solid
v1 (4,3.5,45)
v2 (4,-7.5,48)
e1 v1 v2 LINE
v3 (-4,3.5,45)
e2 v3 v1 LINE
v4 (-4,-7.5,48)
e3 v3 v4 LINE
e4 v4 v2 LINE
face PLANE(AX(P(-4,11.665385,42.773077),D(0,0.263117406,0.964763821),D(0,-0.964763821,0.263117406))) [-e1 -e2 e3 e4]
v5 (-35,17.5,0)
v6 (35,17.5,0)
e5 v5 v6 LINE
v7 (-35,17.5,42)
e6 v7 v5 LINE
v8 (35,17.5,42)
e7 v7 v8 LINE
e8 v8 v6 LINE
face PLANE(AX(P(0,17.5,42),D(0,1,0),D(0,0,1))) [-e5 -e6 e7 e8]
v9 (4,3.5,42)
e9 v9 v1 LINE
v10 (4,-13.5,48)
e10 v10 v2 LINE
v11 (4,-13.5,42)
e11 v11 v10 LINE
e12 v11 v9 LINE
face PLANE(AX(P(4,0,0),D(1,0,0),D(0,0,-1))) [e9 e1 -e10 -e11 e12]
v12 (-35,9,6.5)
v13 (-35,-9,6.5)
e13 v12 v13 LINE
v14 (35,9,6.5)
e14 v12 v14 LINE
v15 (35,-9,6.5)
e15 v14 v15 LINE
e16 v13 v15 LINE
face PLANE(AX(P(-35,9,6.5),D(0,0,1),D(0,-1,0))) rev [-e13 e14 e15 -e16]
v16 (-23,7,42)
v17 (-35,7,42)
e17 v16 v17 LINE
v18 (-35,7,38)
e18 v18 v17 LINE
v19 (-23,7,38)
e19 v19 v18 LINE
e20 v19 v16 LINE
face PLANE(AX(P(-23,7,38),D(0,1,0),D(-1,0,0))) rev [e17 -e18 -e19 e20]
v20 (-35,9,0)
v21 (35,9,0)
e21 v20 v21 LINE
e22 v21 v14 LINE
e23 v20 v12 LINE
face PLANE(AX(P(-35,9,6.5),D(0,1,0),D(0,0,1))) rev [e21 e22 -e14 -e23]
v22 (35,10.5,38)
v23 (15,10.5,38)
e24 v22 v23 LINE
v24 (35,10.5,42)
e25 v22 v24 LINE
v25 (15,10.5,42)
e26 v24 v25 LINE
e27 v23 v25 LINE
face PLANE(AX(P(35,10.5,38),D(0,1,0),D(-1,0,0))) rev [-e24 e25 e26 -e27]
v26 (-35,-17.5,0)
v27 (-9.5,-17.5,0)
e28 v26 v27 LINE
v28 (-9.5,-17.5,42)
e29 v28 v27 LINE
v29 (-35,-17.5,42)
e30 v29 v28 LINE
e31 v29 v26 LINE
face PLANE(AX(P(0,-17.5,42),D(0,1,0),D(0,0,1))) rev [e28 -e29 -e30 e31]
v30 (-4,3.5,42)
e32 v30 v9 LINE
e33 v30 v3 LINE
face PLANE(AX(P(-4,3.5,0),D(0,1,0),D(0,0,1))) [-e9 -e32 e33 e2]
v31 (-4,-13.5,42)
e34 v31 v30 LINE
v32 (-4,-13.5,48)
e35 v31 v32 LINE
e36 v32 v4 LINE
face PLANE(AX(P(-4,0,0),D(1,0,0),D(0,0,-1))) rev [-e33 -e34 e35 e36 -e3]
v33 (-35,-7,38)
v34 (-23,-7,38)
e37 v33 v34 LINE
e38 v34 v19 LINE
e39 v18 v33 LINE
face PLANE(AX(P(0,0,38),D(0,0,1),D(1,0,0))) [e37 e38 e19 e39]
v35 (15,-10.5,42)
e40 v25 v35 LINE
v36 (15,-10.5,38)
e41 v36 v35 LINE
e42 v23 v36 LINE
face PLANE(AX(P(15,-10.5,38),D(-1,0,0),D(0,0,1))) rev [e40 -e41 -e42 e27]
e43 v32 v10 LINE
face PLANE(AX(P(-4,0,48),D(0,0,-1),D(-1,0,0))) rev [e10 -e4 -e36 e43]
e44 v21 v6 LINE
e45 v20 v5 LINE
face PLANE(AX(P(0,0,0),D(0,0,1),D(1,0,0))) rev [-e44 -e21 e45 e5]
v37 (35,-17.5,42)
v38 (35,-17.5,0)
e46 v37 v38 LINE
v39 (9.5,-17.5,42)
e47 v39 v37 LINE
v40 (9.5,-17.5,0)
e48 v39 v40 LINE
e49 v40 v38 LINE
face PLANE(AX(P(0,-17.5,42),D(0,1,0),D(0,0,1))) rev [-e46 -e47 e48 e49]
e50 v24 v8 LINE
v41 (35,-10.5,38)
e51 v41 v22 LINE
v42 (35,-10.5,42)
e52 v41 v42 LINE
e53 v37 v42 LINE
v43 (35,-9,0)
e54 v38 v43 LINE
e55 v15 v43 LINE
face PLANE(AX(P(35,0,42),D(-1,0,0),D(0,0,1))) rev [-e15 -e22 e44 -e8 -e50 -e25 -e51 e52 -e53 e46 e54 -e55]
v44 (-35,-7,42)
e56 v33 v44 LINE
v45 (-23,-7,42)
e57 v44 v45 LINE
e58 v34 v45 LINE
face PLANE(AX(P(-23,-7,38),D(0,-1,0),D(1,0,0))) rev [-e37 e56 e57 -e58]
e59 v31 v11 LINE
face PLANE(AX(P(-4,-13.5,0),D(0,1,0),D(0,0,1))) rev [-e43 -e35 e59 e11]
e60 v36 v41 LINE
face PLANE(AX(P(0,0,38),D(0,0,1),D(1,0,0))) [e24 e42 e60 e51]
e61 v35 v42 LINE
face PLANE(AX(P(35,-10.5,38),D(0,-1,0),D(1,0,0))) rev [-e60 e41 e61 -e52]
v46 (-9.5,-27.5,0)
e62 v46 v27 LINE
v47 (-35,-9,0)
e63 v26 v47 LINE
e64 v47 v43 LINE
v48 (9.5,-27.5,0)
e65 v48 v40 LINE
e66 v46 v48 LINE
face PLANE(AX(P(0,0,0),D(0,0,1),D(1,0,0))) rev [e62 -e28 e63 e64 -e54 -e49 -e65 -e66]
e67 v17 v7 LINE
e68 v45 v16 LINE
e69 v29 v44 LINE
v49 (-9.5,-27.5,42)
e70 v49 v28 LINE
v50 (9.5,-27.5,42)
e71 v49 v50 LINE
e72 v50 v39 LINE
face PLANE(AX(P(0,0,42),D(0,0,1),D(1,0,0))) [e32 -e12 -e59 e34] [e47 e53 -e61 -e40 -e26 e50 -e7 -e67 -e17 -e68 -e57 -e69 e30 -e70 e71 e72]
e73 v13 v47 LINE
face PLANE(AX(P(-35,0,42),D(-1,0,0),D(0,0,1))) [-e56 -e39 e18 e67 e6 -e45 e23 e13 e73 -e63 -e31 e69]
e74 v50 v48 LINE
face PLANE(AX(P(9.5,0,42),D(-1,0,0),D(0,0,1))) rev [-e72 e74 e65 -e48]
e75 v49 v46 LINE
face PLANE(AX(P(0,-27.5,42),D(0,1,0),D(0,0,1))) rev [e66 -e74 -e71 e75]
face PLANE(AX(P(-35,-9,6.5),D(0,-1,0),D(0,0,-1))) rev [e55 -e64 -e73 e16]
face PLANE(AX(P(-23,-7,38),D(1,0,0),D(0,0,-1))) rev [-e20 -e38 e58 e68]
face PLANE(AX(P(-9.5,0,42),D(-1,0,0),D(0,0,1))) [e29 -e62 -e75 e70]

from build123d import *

# Parameters (mm, degrees)
SKETCH_1_W           = 19
SKETCH_1_H           = 10
SKETCH_1_W_2         = 70
SKETCH_1_H_2         = 35
EXTRUDE_1_DEPTH      = 42
SKETCH_2_W           = 6.5
SKETCH_2_H           = 18
CUT_EXTRUDE_1_DEPTH  = 87.140872993
SKETCH_3_W           = 20
SKETCH_3_H           = 21
SKETCH_3_W_2         = 12
SKETCH_3_H_2         = 14
CUT_EXTRUDE_2_DEPTH  = 4
EXTRUDE_2_DEPTH      = 4
EXTRUDE_2_DEPTH_BACK = 4


with BuildPart() as part:
    # Эскиз1 → Бобышка-Вытянуть1 (new body)
    with BuildSketch(Plane.XY):
        with Locations((0, -22.5)):
            Rectangle(SKETCH_1_W, SKETCH_1_H)
        Rectangle(SKETCH_1_W_2, SKETCH_1_H_2)
    extrude(amount=EXTRUDE_1_DEPTH)

    # Эскиз2 → Вырез-Вытянуть1 (cut, through all)
    with BuildSketch(Plane(origin=(35, 0, 0), x_dir=(0, 0, -1), z_dir=(1, 0, 0))):
        with Locations((-3.25, 0)):
            Rectangle(SKETCH_2_W, SKETCH_2_H)
    extrude(amount=-CUT_EXTRUDE_1_DEPTH, mode=Mode.SUBTRACT)

    # Эскиз3 → Вырез-Вытянуть2 (cut)
    with BuildSketch(Plane.XY.offset(42)):
        with Locations((25, 0)):
            Rectangle(SKETCH_3_W, SKETCH_3_H)
        with Locations((-29, 0)):
            Rectangle(SKETCH_3_W_2, SKETCH_3_H_2)
    extrude(amount=-CUT_EXTRUDE_2_DEPTH, mode=Mode.SUBTRACT)

    # Эскиз4 → Бобышка-Вытянуть2 (add, two sides: drawn at the far end of the back side and taken through both)
    with BuildSketch(Plane(origin=(0, 0, 0), x_dir=(0, 0, -1), z_dir=(1, 0, 0)).offset(-EXTRUDE_2_DEPTH_BACK)):
        Polygon((-48, -13.5), (-42, -13.5), (-42, 3.5), (-45, 3.5), (-48, -7.5), align=None)
    extrude(amount=EXTRUDE_2_DEPTH + EXTRUDE_2_DEPTH_BACK)


solid = part.part
